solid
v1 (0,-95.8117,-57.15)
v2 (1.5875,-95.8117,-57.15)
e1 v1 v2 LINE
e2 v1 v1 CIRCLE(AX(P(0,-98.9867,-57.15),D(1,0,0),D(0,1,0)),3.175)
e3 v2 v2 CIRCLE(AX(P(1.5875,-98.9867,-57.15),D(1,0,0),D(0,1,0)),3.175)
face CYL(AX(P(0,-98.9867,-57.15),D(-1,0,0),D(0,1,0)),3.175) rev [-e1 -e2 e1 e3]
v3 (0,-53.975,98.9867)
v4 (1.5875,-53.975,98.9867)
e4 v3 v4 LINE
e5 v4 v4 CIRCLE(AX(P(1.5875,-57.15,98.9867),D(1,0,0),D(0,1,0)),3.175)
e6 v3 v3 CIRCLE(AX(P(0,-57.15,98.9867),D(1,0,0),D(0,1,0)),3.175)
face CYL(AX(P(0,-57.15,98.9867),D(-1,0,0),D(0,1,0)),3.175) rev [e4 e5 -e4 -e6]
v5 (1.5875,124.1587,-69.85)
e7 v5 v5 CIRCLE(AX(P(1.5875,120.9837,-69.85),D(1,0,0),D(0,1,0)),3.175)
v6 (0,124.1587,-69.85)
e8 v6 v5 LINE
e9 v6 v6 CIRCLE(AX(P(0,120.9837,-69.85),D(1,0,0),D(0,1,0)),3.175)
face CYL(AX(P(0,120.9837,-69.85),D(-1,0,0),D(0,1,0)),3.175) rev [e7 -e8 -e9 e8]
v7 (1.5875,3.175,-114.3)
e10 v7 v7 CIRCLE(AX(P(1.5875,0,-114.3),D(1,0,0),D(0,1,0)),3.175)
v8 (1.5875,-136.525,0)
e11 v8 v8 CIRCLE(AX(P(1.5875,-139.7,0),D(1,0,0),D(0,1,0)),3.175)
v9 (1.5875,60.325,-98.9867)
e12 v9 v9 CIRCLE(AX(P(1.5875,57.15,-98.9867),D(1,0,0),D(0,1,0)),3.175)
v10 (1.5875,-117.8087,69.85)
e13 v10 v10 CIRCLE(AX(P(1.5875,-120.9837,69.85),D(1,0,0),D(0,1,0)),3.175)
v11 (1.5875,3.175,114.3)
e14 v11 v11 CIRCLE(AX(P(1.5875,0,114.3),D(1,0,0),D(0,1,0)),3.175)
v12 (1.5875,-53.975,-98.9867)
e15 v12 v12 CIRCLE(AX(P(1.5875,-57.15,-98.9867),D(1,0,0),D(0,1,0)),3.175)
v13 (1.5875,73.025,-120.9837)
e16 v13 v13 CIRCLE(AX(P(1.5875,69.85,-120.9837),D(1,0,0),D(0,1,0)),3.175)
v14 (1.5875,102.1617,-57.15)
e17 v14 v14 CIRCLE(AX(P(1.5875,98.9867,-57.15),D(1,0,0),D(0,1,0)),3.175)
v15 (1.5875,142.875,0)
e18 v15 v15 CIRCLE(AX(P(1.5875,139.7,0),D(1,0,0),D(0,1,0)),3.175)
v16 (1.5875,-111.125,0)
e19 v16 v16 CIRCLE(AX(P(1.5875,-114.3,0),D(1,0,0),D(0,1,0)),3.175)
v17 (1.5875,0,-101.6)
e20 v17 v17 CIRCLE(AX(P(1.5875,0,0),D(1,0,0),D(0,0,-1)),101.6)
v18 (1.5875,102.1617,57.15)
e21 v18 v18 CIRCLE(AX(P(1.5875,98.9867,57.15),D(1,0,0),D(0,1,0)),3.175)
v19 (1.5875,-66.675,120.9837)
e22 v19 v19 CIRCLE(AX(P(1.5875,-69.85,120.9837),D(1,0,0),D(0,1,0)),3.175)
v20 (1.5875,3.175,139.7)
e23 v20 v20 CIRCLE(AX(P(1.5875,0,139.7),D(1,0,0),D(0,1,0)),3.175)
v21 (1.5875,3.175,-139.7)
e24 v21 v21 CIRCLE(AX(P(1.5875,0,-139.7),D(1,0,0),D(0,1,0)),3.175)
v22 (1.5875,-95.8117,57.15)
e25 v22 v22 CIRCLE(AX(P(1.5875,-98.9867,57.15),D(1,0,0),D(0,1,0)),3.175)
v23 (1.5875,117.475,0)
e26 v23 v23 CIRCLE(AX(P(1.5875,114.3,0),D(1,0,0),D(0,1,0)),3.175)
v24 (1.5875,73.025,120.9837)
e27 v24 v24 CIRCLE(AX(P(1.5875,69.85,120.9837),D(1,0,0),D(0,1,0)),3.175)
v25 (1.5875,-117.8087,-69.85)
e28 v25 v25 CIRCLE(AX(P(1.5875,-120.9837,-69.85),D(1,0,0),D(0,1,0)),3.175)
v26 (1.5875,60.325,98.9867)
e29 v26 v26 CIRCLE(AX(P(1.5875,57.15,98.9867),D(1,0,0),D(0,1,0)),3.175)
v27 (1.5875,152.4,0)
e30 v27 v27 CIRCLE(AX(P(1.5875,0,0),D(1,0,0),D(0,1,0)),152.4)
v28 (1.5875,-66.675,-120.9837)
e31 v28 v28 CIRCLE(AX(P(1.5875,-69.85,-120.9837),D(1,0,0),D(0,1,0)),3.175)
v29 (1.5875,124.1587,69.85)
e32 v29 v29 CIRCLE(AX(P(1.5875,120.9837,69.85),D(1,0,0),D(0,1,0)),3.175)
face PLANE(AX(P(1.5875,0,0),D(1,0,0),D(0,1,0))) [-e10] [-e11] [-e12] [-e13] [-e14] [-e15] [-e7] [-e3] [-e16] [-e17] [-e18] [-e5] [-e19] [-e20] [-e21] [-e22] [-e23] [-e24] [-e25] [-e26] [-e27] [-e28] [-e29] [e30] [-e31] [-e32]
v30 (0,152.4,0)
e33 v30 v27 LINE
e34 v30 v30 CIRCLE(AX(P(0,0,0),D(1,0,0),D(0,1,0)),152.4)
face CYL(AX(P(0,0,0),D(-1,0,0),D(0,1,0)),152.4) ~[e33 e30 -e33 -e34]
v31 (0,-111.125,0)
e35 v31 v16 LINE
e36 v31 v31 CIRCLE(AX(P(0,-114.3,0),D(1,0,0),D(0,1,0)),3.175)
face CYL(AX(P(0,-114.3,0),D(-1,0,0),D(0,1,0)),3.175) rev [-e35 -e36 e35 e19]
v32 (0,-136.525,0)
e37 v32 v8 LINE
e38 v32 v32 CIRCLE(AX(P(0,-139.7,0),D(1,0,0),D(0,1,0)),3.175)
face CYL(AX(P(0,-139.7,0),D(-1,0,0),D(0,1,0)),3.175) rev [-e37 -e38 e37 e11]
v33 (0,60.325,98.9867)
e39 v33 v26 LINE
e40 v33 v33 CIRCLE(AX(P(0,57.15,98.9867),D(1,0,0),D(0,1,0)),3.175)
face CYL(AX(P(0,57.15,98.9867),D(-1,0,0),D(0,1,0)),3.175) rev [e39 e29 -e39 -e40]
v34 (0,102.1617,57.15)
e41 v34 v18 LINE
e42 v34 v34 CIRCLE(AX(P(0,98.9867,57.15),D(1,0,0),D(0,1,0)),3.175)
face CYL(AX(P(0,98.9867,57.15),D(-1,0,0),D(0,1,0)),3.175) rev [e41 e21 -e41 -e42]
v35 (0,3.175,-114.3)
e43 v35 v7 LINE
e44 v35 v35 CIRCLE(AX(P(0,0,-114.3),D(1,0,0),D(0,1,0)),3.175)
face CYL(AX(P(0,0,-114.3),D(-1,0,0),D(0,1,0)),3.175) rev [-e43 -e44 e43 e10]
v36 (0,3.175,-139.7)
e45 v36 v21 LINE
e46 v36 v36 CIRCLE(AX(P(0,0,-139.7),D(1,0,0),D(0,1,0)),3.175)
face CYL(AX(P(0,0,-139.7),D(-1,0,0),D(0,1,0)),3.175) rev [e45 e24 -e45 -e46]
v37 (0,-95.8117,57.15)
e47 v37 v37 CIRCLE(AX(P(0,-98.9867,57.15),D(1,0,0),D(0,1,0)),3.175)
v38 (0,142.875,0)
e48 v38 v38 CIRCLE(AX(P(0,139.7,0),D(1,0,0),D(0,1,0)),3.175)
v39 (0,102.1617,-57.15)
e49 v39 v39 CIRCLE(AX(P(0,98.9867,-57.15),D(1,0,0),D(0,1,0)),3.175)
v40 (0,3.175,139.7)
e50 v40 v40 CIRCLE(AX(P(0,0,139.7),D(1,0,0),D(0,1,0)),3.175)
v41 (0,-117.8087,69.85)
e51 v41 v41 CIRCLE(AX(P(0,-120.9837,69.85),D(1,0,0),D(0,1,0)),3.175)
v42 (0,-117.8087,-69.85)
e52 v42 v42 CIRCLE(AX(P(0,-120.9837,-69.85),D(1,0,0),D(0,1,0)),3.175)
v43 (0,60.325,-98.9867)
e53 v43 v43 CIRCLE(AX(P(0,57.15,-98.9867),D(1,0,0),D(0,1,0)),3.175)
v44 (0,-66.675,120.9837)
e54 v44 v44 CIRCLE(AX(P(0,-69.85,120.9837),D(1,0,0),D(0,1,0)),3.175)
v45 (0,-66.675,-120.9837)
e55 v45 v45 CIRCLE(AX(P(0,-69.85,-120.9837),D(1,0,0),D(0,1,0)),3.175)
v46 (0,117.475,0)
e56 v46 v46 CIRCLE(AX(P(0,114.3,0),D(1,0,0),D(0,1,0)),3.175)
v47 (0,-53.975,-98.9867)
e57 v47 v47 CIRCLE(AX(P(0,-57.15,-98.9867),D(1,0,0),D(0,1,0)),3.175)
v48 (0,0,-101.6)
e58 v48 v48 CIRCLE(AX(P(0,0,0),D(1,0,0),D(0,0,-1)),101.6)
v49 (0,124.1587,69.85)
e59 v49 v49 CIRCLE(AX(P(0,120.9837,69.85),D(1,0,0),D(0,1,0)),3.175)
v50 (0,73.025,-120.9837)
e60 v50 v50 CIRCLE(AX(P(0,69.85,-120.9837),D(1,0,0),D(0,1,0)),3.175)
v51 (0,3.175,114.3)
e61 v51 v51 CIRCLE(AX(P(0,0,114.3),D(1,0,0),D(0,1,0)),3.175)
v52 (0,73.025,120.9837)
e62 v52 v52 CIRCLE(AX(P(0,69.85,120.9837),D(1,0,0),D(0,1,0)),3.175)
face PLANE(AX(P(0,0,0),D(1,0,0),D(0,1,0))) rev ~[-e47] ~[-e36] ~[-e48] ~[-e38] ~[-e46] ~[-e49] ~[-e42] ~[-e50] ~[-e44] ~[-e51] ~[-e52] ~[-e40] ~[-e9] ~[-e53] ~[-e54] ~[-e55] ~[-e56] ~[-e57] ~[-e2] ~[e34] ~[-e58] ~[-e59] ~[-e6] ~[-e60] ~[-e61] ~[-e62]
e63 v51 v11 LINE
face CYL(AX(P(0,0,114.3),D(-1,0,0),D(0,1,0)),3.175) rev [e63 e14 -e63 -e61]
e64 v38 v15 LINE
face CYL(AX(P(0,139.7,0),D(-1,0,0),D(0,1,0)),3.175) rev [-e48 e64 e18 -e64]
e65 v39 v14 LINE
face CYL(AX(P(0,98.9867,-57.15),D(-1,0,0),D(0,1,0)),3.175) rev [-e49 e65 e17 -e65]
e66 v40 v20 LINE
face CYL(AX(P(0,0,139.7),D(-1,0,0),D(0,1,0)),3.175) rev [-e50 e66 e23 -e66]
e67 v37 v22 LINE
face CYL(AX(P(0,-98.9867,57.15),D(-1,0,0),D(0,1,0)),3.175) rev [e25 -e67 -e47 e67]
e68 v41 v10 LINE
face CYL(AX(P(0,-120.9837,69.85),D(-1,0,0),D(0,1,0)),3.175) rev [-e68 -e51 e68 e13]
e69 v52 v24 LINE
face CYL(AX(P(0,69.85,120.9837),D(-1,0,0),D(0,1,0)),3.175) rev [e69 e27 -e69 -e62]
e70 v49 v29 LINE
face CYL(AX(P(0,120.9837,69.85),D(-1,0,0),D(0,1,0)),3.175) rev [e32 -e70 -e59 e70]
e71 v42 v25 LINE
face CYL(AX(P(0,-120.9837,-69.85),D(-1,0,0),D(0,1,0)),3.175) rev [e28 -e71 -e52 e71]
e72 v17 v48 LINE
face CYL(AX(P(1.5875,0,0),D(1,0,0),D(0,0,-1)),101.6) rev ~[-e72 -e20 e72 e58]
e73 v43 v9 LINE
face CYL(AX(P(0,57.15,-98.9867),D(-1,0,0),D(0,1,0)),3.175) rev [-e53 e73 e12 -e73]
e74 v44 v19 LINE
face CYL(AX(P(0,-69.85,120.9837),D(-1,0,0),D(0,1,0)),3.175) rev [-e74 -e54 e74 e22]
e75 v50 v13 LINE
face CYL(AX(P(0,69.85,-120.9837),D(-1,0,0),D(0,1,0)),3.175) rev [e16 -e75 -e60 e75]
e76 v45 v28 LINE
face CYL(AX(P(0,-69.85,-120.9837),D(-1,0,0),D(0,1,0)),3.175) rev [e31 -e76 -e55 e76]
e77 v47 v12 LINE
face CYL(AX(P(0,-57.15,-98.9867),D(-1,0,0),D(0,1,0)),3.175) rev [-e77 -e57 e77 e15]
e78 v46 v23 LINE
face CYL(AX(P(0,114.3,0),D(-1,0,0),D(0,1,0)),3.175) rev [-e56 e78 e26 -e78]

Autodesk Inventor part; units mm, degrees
ref_plane "YZ Plane" through (0, 0, 0) normal (1, 0, 0) x (0, 1, 0)
ref_plane "XZ Plane" through (0, 0, 0) normal (0, 1, 0) x (-1, 0, 0)
ref_plane "XY Plane" through (0, 0, 0) normal (0, 0, 1) x (1, 0, 0)
sketch "Sketch1" plane through (0, 0, 0) normal (1, 0, 0) x (0, 1, 0)
  circle A0 centre (0, 0) radius 152.4
  line L0 (-213.36, 0) -> (213.36, 0) construction
  line L1 (0, -213.36) -> (0, 213.36) construction
  circle A1 centre (0, 139.7) radius 3.175
  circle A2 centre (0, 114.3) radius 3.175
  circle A3 centre (-69.85, 120.9837) radius 3.175
  circle A4 centre (-57.15, 98.9867) radius 3.175
  circle A5 centre (-120.9837, 69.85) radius 3.175
  circle A6 centre (-98.9867, 57.15) radius 3.175
  circle A7 centre (-139.7, 0) radius 3.175
  circle A8 centre (-114.3, 0) radius 3.175
  circle A9 centre (-120.9837, -69.85) radius 3.175
  circle A10 centre (-98.9867, -57.15) radius 3.175
  circle A11 centre (-69.85, -120.9837) radius 3.175
  circle A12 centre (-57.15, -98.9867) radius 3.175
  circle A13 centre (0, -139.7) radius 3.175
  circle A14 centre (0, -114.3) radius 3.175
  circle A15 centre (69.85, -120.9837) radius 3.175
  circle A16 centre (57.15, -98.9867) radius 3.175
  circle A17 centre (120.9837, -69.85) radius 3.175
  circle A18 centre (98.9867, -57.15) radius 3.175
  circle A19 centre (139.7, 0) radius 3.175
  circle A20 centre (114.3, 0) radius 3.175
  circle A21 centre (120.9837, 69.85) radius 3.175
  circle A22 centre (98.9867, 57.15) radius 3.175
  circle A23 centre (69.85, 120.9837) radius 3.175
  circle A24 centre (57.15, 98.9867) radius 3.175
  point P0 (0, 152.4)
  dimension "d0" = 304.8
  dimension "d1" = 12.7
  dimension "d2" = 25.4
  dimension "d3" = 6.35
  dimension "d6" = 360
extrude "Extrusion1" add sketch "Sketch1" along normal blind 1.5875
sketch "Sketch2" plane through (1.5875, 0, 0) normal (1, 0, 0) x (0, 0, -1)
  circle A0 centre (0, 0) radius 101.6
  dimension "d10" = 203.2
extrude "Extrusion2" cut sketch "Sketch2" against normal through all
properties part number "Wall" material "Aluminum 6061"
